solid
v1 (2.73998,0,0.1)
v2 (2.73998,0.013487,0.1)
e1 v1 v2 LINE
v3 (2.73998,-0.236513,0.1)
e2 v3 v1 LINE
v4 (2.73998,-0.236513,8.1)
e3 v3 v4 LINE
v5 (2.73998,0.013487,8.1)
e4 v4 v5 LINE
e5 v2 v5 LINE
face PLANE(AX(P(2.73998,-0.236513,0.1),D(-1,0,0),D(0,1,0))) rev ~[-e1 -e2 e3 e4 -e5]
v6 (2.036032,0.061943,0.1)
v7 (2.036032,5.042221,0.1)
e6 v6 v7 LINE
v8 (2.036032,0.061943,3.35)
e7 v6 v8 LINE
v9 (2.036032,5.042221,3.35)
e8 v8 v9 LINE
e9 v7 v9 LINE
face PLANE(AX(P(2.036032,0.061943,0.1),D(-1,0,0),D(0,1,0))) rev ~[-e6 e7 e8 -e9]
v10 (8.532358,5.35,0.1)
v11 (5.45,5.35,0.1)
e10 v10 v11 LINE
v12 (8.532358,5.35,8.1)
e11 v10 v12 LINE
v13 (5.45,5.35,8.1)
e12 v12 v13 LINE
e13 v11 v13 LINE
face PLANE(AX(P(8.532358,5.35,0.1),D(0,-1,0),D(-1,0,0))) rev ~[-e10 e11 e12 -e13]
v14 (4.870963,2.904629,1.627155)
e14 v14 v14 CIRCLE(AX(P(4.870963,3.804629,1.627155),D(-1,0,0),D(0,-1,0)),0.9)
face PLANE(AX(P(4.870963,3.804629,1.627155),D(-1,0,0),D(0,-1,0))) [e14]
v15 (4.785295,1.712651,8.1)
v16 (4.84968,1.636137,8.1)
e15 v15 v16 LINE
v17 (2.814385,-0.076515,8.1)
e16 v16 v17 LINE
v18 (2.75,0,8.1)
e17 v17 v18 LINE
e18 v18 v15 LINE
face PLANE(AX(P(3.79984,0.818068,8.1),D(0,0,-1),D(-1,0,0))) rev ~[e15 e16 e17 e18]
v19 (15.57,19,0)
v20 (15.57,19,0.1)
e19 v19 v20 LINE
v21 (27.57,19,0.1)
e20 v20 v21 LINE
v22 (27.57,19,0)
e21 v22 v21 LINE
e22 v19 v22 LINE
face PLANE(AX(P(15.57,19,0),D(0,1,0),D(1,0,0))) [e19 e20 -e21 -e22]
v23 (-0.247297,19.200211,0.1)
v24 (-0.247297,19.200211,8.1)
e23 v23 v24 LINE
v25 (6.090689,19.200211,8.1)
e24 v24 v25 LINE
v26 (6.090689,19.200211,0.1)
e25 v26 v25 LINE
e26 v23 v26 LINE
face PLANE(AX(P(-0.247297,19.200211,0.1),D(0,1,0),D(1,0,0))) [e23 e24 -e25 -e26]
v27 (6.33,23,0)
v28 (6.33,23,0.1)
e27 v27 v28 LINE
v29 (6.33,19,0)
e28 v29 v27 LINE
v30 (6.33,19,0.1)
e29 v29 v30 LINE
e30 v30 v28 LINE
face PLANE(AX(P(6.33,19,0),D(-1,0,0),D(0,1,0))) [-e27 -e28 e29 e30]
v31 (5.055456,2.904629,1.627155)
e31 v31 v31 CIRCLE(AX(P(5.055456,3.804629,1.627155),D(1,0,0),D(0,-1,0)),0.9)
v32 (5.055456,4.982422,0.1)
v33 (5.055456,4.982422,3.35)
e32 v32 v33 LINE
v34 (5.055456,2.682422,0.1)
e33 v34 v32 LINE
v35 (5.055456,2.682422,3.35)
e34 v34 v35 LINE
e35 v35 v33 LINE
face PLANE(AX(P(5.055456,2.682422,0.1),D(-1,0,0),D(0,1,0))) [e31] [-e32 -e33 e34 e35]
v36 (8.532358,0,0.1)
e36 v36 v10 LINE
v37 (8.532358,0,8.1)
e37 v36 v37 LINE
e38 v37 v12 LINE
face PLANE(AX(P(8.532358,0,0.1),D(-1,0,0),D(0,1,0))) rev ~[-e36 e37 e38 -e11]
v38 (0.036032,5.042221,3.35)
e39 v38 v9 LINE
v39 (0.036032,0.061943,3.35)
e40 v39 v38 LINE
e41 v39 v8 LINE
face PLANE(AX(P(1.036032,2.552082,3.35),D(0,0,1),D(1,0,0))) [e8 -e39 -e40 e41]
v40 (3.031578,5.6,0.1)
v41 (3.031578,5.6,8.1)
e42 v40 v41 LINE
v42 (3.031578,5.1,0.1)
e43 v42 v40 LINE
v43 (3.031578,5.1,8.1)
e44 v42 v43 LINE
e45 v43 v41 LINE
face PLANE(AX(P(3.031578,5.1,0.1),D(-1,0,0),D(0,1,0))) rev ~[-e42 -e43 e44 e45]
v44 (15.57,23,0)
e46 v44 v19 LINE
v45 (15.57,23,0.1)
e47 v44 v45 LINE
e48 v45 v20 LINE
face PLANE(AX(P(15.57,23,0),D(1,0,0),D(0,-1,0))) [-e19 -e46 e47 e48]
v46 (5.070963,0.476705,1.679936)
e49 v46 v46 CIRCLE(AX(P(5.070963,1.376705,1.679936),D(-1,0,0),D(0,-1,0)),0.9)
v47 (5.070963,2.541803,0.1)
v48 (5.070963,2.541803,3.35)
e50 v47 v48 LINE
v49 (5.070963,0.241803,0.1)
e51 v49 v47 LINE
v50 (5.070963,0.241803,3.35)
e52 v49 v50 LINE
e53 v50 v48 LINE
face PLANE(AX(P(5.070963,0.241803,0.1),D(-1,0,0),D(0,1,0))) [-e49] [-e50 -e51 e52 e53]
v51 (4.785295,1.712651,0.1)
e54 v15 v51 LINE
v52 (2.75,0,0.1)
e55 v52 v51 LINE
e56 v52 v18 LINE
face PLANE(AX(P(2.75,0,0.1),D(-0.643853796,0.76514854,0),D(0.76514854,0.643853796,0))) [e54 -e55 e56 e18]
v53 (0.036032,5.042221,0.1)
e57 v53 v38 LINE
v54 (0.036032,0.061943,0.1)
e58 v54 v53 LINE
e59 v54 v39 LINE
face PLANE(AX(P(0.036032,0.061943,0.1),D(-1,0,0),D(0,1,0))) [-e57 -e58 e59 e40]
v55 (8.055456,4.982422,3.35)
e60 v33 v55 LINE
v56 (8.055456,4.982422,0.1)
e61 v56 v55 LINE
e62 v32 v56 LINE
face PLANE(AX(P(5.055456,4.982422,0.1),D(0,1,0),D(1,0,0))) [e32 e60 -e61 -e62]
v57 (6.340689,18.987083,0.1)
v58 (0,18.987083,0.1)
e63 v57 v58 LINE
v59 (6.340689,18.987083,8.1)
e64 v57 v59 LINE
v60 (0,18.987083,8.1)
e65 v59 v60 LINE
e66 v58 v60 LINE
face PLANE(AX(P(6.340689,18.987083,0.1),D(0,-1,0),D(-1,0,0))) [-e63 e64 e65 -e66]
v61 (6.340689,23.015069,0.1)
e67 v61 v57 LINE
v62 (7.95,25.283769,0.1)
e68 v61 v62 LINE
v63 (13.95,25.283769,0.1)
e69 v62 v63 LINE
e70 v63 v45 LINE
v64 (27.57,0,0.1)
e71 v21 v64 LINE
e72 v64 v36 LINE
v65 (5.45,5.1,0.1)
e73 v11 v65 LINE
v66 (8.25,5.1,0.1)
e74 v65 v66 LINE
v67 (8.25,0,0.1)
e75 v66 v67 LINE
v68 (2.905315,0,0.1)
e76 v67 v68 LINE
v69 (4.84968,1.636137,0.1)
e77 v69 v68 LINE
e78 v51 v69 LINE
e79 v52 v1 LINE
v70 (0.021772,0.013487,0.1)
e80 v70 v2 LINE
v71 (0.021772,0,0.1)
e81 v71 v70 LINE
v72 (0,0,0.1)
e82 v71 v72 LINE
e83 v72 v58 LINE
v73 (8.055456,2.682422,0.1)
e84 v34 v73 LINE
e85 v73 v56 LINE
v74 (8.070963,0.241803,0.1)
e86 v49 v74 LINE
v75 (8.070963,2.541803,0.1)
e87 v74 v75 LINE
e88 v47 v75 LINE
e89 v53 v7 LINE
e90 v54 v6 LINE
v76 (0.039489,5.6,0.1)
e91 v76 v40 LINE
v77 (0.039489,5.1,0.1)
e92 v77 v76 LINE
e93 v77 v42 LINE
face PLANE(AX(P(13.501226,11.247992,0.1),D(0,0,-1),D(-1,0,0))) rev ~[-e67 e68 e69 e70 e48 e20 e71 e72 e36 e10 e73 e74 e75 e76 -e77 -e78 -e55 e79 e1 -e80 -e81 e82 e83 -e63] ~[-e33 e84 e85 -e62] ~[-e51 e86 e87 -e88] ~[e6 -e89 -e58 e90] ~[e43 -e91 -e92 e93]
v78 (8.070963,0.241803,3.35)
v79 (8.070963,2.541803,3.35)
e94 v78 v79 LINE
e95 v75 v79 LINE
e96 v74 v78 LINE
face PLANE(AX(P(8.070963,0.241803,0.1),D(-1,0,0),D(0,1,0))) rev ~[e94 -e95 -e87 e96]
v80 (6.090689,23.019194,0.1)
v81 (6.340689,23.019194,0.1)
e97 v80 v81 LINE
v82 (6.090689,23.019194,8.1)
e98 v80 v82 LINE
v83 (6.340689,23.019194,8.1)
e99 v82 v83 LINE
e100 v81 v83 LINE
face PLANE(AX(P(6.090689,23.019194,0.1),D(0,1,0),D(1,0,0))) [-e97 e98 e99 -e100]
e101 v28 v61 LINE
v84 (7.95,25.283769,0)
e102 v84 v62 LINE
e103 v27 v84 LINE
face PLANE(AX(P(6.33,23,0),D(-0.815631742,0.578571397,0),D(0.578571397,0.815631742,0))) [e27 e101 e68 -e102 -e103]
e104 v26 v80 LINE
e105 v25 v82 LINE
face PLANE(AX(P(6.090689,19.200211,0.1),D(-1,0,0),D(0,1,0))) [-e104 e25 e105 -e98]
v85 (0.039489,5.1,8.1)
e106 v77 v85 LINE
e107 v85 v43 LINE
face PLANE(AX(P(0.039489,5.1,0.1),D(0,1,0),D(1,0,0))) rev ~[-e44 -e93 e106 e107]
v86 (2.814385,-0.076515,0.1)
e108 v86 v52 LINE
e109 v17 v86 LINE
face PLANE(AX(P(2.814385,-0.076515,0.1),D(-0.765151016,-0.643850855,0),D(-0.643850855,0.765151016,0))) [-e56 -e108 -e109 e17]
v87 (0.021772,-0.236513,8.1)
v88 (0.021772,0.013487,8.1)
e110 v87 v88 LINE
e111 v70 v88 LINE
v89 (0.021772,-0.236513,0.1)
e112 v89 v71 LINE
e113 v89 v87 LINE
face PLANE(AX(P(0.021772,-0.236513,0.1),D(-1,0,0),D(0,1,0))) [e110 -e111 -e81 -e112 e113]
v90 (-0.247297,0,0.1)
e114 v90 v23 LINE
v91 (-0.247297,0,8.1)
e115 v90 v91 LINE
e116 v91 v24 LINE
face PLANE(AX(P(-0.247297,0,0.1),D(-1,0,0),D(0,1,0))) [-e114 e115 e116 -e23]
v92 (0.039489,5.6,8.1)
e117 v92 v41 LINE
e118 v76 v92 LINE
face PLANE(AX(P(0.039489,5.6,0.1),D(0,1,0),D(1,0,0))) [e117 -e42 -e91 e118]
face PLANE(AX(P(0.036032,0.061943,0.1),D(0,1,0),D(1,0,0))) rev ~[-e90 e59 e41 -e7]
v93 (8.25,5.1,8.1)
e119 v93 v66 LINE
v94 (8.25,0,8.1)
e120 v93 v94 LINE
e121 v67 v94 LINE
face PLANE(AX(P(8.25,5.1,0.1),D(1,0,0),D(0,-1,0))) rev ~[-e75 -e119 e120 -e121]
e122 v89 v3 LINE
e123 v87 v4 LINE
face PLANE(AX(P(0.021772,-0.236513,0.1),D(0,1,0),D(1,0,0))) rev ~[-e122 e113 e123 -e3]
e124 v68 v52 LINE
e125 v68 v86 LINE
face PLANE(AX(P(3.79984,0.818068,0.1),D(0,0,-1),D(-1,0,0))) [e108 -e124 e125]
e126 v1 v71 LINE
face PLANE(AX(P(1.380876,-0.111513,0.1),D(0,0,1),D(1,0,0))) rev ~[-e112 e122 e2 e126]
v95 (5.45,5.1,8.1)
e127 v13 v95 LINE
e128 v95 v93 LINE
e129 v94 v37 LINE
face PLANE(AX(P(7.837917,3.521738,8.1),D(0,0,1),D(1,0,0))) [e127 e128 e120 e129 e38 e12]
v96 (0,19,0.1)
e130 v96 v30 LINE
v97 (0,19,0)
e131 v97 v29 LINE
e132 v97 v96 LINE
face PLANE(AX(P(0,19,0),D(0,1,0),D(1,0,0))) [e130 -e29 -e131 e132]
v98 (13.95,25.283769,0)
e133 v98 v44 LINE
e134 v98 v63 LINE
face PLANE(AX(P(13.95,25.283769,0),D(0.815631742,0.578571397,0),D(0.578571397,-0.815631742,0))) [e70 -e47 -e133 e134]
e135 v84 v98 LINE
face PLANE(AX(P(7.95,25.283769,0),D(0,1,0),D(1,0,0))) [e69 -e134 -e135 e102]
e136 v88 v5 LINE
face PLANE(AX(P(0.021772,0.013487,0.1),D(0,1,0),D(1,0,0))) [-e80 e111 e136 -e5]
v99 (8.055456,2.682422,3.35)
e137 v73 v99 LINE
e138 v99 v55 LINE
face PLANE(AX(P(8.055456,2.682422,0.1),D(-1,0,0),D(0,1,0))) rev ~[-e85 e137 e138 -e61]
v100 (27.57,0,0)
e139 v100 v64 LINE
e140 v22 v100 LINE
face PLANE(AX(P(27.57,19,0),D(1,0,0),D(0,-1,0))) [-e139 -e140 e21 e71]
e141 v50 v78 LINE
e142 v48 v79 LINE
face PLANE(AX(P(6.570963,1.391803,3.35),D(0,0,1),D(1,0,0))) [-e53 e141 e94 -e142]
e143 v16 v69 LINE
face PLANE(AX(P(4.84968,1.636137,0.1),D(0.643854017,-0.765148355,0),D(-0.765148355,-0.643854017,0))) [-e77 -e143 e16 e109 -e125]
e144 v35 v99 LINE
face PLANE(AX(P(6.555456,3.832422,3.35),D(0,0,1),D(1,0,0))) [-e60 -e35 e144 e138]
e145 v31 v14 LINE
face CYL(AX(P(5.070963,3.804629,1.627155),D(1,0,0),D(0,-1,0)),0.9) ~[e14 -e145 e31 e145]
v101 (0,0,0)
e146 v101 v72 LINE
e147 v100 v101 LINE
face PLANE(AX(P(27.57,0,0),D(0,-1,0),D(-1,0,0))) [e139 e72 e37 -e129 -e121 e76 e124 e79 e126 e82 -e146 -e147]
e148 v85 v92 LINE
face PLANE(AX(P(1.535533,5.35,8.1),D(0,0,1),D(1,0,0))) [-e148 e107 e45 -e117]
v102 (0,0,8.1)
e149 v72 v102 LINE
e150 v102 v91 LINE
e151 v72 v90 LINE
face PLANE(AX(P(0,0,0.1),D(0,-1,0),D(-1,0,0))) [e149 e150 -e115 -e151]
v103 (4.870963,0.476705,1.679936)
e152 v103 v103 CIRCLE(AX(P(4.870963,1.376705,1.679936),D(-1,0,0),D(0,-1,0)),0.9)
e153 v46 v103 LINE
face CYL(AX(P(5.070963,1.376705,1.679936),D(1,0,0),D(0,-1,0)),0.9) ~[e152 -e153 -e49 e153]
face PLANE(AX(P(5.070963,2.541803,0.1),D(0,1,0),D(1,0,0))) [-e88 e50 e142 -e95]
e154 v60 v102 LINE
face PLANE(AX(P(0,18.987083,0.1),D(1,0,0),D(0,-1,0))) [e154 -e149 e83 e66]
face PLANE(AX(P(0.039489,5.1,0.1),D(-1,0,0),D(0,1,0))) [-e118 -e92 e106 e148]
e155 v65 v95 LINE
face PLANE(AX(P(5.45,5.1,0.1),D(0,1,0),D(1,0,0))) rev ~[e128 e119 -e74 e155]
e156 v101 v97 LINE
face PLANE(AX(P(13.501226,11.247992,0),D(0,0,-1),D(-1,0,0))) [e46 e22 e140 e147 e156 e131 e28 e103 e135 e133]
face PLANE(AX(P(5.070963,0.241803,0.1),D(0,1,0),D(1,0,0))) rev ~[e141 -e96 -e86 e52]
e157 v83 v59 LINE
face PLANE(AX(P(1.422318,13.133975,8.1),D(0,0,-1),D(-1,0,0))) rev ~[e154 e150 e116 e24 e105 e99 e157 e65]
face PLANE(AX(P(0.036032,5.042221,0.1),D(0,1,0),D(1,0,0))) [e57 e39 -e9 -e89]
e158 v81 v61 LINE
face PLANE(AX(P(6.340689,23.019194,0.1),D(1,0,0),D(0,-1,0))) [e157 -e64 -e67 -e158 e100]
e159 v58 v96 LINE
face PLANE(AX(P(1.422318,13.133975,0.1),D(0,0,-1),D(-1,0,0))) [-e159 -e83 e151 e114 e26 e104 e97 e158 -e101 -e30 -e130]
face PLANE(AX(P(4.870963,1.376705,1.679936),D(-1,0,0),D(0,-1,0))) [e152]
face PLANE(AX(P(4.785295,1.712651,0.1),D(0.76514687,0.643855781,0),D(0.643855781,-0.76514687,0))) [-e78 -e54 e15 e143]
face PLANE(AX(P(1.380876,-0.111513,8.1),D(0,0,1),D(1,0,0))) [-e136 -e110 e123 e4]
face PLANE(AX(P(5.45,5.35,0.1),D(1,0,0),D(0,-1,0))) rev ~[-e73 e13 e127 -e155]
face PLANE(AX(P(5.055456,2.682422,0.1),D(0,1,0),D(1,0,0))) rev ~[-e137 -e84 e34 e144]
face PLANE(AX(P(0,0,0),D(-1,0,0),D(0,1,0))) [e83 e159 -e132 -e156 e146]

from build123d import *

# Parameters (mm, degrees)
PAD_DEPTH     = 0.1
SKETCH001_W   = 2.992089
SKETCH001_H   = 0.5
SKETCH001_W_2 = 2.718208
SKETCH001_H_2 = 0.25
PAD001_DEPTH  = 8
SKETCH003_W   = 3
SKETCH003_H   = 2.3
SKETCH003_W_2 = 2
SKETCH003_H_2 = 4.980278
SKETCH003_W_3 = 0.25
SKETCH003_H_3 = 5.1
PAD002_DEPTH  = 3.25
SKETCH004_R   = 0.9
PAD003_DEPTH  = 0.2


with BuildPart() as part:
    # Sketch → Pad (new body)
    with BuildSketch(Plane.XY):
        Polygon((0, 0), (0, 19), (6.33, 19), (6.33, 23), (7.95, 25.283769), (13.95, 25.283769), (15.57, 23), (15.57, 19), (27.57, 19), (27.57, 0), align=None)
    extrude(amount=PAD_DEPTH)

    # Sketch001 → Pad001 (new body)
    with BuildSketch(Plane.XY.offset(0.1)):
        Polygon((0, 18.987083), (0, 0), (-0.247297, 0), (-0.247297, 19.200211), (6.090689, 19.200211), (6.090689, 23.019194), (6.340689, 23.019194), (6.340689, 18.987083), align=None)
        Polygon((5.45, 5.1), (8.25, 5.1), (8.25, 0), (8.532358, 0), (8.532358, 5.35), (5.45, 5.35), align=None)
        Polygon((2.75, 0), (4.785295, 1.712651), (4.84968, 1.636137), (2.814385, -0.076515), align=None)
        with Locations((1.535533, 5.35)):
            Rectangle(SKETCH001_W, SKETCH001_H)
        with Locations((1.380876, -0.111513)):
            Rectangle(SKETCH001_W_2, SKETCH001_H_2)
    extrude(amount=PAD001_DEPTH)

    # Sketch003 → Pad002 (new body)
    with BuildSketch(Plane.XY.offset(0.1)):
        with Locations((6.555456, 3.832422)):
            Rectangle(SKETCH003_W, SKETCH003_H)
        with Locations((6.570963, 1.391803)):
            Rectangle(SKETCH003_W, SKETCH003_H)
        with Locations((1.036032, 2.552082)):
            Rectangle(SKETCH003_W_2, SKETCH003_H_2)
        with Locations((8.375, 2.55)):
            Rectangle(SKETCH003_W_3, SKETCH003_H_3)
        Polygon((2.75, 0), (4.785295, 1.712651), (4.84968, 1.636137), (2.814385, -0.076515), align=None)
    extrude(amount=PAD002_DEPTH)

    # Sketch004 → Pad003 (new body)
    with BuildSketch(Plane(origin=(5.070963, 0, 0), x_dir=(0, -1, 0), z_dir=(-1, 0, 0))):
        with Locations((-3.804629, 1.627155)):
            Circle(SKETCH004_R)
        with Locations((-1.376705, 1.679936)):
            Circle(SKETCH004_R)
    extrude(amount=PAD003_DEPTH)


solid = part.part
